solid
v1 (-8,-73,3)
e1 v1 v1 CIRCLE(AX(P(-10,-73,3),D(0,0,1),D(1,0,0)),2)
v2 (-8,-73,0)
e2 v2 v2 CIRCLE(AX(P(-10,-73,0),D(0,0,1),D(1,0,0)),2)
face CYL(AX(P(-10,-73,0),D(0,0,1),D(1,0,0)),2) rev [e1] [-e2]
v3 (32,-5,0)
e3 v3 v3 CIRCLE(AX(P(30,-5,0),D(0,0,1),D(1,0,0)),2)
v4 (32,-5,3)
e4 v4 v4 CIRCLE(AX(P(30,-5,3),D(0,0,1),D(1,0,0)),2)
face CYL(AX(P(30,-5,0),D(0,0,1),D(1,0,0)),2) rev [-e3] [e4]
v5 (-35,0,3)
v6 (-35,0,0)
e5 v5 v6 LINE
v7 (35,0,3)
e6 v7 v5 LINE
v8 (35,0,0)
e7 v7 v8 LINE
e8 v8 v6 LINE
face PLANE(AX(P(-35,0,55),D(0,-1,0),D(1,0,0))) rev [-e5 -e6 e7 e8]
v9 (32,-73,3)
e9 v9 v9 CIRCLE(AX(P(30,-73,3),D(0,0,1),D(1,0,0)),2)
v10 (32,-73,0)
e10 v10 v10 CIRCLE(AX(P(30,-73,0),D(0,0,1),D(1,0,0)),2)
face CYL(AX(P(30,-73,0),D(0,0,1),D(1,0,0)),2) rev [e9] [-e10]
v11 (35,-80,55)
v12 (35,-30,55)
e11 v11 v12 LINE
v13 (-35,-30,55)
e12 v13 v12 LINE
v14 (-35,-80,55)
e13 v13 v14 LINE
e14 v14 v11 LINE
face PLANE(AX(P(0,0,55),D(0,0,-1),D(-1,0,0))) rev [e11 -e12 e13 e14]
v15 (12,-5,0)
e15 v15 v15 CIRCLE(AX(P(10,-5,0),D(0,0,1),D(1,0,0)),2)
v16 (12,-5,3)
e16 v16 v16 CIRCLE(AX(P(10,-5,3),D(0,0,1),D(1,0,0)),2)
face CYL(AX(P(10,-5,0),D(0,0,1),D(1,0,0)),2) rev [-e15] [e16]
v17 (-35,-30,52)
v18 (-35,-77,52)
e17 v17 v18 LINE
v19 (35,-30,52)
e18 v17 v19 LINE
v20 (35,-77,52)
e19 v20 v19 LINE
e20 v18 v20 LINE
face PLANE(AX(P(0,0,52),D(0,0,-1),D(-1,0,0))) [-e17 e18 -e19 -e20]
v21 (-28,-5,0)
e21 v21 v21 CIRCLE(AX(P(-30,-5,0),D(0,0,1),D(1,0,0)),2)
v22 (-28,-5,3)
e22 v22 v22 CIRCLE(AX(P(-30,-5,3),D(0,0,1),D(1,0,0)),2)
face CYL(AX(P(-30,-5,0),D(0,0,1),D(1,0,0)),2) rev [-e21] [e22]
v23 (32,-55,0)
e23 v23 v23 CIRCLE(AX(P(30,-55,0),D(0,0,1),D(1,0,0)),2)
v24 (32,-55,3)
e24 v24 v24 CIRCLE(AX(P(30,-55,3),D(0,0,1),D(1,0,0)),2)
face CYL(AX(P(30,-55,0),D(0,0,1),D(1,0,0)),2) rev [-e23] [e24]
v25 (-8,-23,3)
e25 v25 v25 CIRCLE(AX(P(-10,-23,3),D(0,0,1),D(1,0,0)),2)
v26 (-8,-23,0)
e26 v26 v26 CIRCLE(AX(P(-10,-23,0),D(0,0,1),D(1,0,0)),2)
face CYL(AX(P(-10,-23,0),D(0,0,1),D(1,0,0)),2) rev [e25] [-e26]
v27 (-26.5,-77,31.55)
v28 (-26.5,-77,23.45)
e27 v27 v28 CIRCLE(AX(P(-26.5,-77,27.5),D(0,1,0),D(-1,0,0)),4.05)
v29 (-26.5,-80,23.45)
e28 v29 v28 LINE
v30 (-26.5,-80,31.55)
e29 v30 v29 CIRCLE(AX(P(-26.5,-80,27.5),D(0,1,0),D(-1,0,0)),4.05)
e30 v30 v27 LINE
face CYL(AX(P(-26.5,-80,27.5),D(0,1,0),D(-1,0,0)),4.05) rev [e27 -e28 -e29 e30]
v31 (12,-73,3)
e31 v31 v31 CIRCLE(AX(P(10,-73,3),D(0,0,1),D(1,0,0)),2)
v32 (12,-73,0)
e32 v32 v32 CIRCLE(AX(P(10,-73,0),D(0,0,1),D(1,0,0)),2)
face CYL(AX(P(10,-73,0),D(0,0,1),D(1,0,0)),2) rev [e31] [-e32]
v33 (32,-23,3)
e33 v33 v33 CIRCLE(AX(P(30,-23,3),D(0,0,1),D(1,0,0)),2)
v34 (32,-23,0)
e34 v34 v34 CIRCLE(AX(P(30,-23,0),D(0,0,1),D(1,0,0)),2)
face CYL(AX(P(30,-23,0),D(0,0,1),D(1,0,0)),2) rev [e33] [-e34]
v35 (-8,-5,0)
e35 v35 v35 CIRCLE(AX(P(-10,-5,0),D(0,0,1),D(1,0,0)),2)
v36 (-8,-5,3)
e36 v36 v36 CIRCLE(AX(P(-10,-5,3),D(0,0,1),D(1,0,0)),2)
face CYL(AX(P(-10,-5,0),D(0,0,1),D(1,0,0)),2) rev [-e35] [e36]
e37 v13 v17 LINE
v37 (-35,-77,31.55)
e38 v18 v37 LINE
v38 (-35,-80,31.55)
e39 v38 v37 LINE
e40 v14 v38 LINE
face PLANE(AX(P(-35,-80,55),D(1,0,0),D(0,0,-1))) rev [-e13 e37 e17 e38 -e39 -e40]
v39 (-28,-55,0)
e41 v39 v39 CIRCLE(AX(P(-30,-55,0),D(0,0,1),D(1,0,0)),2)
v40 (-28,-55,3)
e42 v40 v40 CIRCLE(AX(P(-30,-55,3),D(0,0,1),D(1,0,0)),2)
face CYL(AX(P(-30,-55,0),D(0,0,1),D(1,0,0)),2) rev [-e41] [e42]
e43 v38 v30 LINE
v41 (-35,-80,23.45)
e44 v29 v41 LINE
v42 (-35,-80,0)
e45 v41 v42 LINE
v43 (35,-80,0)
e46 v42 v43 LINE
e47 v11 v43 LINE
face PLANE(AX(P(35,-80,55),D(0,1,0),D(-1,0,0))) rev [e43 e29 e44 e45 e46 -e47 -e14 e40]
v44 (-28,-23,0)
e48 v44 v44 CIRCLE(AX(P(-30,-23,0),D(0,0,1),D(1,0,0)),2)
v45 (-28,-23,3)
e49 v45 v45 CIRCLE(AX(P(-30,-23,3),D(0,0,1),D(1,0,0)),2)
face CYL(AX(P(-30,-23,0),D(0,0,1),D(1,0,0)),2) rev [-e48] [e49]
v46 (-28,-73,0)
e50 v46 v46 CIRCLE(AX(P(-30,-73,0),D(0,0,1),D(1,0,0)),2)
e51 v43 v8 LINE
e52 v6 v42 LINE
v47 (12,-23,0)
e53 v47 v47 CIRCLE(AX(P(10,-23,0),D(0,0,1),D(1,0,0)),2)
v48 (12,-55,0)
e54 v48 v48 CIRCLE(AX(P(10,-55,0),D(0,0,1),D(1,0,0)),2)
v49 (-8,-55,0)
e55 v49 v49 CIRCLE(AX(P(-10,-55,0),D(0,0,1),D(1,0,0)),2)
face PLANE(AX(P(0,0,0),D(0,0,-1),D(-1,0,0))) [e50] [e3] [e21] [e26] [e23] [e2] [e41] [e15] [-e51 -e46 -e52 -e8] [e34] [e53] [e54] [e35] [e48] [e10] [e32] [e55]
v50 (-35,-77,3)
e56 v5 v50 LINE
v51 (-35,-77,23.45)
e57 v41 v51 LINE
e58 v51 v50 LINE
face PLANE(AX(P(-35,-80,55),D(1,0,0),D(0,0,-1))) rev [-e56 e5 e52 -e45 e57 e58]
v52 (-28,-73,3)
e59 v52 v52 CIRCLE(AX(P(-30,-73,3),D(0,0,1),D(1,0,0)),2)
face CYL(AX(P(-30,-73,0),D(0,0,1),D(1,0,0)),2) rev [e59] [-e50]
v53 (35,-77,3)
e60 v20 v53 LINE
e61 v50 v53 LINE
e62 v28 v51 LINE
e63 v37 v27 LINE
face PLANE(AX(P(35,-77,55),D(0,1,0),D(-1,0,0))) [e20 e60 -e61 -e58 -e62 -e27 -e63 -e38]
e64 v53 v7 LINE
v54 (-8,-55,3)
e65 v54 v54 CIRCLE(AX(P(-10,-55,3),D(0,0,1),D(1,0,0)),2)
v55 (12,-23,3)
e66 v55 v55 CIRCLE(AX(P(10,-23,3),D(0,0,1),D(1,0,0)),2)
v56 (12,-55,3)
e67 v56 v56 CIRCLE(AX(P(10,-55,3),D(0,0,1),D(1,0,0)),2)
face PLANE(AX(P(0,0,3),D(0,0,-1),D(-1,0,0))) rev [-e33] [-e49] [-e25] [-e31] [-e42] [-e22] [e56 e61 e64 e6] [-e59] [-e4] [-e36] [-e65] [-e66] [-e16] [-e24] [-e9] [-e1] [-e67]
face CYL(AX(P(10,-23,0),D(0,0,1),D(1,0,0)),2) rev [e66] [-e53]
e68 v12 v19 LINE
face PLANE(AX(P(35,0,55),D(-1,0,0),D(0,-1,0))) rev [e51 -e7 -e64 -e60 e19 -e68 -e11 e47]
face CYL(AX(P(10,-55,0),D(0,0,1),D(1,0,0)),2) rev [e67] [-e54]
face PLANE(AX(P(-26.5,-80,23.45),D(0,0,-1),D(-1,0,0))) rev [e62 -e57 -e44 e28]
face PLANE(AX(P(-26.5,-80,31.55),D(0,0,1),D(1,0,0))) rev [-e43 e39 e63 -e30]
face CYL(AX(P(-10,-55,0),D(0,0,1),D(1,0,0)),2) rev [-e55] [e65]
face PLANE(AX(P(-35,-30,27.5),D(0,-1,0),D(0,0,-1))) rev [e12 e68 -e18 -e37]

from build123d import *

# Parameters (mm, degrees)
SKETCH1_W               = 70
SKETCH1_H               = 80
BOSS_EXTRUDE1_DEPTH     = 55
CUT_EXTRUDE1_DEPTH      = 104.198837203
CUT_EXTRUDE1_DEPTH_BACK = 104.198837203
SKETCH2_W               = 27.5
SKETCH2_H               = 30
SHELL1_T                = -3
CUT_EXTRUDE2_DEPTH      = 101.891030325
SKETCH9_R               = 2
CUT_EXTRUDE3_DEPTH      = 102.631687972
LPATTERN1_COUNT         = 2
LPATTERN1_PITCH         = 40
LPATTERN1_COUNT_DIR2    = 2
LPATTERN1_PITCH_DIR2    = 50


with BuildPart() as part:
    # Sketch1 → Boss-Extrude1 (new body)
    with BuildSketch(Plane.XY):
        with Locations((0, -40)):
            Rectangle(SKETCH1_W, SKETCH1_H)
    extrude(amount=BOSS_EXTRUDE1_DEPTH)

    # Sketch2 → Cut-Extrude1 (cut, two sides: drawn at the far end of the back side and taken through both)
    with BuildSketch(Plane(origin=(0, 0, 0), x_dir=(0, 0, -1), z_dir=(1, 0, 0)).offset(-CUT_EXTRUDE1_DEPTH_BACK)):
        with Locations((-41.25, -15)):
            Rectangle(SKETCH2_W, SKETCH2_H)
    extrude(amount=CUT_EXTRUDE1_DEPTH + CUT_EXTRUDE1_DEPTH_BACK, mode=Mode.SUBTRACT)

    # Shell1
    shell1_openings = [part.faces().sort_by_distance(p)[0] for p in [
        (0, 0, 13.75),
        (35, -45.769230769, 24.326923077),
        (0, -15, 27.5),
        (-35, -45.769230769, 24.326923077),
        (0, -30, 41.25),
    ]]
    offset(amount=SHELL1_T, openings=shell1_openings, kind=Kind.INTERSECTION)

    # Sketch8 → Cut-Extrude2 (cut, through all)
    with BuildSketch(Plane(origin=(0, -77, 0), x_dir=(1, 0, 0), z_dir=(0, 1, 0))):
        with BuildLine():
            Line((-26.5, -23.45), (-35, -23.45))
            Line((-35, -23.45), (-35, -31.55))
            Line((-35, -31.55), (-26.5, -31.55))
            ThreePointArc((-26.5, -31.55), (-22.45, -27.5), (-26.5, -23.45))
        make_face()
    extrude(amount=-CUT_EXTRUDE2_DEPTH, mode=Mode.SUBTRACT)

    # Sketch9 → Cut-Extrude3 (cut, through all)
    with BuildSketch(Plane.XY.offset(3)):
        with Locations((-30, -5)):
            Circle(SKETCH9_R)
        with Locations((-10, -5)):
            Circle(SKETCH9_R)
        with Locations((-30, -23)):
            Circle(SKETCH9_R)
        with Locations((-10, -23)):
            Circle(SKETCH9_R)
    cut_extrude3 = extrude(amount=-CUT_EXTRUDE3_DEPTH, mode=Mode.SUBTRACT)

    # LPattern1: Cut-Extrude3 2 × 2
    with Locations(*[(i * LPATTERN1_PITCH, -j * LPATTERN1_PITCH_DIR2, 0) for i in range(LPATTERN1_COUNT) for j in range(LPATTERN1_COUNT_DIR2) if (i, j) != (0, 0)]):
        add(cut_extrude3, mode=Mode.SUBTRACT)


solid = part.part
